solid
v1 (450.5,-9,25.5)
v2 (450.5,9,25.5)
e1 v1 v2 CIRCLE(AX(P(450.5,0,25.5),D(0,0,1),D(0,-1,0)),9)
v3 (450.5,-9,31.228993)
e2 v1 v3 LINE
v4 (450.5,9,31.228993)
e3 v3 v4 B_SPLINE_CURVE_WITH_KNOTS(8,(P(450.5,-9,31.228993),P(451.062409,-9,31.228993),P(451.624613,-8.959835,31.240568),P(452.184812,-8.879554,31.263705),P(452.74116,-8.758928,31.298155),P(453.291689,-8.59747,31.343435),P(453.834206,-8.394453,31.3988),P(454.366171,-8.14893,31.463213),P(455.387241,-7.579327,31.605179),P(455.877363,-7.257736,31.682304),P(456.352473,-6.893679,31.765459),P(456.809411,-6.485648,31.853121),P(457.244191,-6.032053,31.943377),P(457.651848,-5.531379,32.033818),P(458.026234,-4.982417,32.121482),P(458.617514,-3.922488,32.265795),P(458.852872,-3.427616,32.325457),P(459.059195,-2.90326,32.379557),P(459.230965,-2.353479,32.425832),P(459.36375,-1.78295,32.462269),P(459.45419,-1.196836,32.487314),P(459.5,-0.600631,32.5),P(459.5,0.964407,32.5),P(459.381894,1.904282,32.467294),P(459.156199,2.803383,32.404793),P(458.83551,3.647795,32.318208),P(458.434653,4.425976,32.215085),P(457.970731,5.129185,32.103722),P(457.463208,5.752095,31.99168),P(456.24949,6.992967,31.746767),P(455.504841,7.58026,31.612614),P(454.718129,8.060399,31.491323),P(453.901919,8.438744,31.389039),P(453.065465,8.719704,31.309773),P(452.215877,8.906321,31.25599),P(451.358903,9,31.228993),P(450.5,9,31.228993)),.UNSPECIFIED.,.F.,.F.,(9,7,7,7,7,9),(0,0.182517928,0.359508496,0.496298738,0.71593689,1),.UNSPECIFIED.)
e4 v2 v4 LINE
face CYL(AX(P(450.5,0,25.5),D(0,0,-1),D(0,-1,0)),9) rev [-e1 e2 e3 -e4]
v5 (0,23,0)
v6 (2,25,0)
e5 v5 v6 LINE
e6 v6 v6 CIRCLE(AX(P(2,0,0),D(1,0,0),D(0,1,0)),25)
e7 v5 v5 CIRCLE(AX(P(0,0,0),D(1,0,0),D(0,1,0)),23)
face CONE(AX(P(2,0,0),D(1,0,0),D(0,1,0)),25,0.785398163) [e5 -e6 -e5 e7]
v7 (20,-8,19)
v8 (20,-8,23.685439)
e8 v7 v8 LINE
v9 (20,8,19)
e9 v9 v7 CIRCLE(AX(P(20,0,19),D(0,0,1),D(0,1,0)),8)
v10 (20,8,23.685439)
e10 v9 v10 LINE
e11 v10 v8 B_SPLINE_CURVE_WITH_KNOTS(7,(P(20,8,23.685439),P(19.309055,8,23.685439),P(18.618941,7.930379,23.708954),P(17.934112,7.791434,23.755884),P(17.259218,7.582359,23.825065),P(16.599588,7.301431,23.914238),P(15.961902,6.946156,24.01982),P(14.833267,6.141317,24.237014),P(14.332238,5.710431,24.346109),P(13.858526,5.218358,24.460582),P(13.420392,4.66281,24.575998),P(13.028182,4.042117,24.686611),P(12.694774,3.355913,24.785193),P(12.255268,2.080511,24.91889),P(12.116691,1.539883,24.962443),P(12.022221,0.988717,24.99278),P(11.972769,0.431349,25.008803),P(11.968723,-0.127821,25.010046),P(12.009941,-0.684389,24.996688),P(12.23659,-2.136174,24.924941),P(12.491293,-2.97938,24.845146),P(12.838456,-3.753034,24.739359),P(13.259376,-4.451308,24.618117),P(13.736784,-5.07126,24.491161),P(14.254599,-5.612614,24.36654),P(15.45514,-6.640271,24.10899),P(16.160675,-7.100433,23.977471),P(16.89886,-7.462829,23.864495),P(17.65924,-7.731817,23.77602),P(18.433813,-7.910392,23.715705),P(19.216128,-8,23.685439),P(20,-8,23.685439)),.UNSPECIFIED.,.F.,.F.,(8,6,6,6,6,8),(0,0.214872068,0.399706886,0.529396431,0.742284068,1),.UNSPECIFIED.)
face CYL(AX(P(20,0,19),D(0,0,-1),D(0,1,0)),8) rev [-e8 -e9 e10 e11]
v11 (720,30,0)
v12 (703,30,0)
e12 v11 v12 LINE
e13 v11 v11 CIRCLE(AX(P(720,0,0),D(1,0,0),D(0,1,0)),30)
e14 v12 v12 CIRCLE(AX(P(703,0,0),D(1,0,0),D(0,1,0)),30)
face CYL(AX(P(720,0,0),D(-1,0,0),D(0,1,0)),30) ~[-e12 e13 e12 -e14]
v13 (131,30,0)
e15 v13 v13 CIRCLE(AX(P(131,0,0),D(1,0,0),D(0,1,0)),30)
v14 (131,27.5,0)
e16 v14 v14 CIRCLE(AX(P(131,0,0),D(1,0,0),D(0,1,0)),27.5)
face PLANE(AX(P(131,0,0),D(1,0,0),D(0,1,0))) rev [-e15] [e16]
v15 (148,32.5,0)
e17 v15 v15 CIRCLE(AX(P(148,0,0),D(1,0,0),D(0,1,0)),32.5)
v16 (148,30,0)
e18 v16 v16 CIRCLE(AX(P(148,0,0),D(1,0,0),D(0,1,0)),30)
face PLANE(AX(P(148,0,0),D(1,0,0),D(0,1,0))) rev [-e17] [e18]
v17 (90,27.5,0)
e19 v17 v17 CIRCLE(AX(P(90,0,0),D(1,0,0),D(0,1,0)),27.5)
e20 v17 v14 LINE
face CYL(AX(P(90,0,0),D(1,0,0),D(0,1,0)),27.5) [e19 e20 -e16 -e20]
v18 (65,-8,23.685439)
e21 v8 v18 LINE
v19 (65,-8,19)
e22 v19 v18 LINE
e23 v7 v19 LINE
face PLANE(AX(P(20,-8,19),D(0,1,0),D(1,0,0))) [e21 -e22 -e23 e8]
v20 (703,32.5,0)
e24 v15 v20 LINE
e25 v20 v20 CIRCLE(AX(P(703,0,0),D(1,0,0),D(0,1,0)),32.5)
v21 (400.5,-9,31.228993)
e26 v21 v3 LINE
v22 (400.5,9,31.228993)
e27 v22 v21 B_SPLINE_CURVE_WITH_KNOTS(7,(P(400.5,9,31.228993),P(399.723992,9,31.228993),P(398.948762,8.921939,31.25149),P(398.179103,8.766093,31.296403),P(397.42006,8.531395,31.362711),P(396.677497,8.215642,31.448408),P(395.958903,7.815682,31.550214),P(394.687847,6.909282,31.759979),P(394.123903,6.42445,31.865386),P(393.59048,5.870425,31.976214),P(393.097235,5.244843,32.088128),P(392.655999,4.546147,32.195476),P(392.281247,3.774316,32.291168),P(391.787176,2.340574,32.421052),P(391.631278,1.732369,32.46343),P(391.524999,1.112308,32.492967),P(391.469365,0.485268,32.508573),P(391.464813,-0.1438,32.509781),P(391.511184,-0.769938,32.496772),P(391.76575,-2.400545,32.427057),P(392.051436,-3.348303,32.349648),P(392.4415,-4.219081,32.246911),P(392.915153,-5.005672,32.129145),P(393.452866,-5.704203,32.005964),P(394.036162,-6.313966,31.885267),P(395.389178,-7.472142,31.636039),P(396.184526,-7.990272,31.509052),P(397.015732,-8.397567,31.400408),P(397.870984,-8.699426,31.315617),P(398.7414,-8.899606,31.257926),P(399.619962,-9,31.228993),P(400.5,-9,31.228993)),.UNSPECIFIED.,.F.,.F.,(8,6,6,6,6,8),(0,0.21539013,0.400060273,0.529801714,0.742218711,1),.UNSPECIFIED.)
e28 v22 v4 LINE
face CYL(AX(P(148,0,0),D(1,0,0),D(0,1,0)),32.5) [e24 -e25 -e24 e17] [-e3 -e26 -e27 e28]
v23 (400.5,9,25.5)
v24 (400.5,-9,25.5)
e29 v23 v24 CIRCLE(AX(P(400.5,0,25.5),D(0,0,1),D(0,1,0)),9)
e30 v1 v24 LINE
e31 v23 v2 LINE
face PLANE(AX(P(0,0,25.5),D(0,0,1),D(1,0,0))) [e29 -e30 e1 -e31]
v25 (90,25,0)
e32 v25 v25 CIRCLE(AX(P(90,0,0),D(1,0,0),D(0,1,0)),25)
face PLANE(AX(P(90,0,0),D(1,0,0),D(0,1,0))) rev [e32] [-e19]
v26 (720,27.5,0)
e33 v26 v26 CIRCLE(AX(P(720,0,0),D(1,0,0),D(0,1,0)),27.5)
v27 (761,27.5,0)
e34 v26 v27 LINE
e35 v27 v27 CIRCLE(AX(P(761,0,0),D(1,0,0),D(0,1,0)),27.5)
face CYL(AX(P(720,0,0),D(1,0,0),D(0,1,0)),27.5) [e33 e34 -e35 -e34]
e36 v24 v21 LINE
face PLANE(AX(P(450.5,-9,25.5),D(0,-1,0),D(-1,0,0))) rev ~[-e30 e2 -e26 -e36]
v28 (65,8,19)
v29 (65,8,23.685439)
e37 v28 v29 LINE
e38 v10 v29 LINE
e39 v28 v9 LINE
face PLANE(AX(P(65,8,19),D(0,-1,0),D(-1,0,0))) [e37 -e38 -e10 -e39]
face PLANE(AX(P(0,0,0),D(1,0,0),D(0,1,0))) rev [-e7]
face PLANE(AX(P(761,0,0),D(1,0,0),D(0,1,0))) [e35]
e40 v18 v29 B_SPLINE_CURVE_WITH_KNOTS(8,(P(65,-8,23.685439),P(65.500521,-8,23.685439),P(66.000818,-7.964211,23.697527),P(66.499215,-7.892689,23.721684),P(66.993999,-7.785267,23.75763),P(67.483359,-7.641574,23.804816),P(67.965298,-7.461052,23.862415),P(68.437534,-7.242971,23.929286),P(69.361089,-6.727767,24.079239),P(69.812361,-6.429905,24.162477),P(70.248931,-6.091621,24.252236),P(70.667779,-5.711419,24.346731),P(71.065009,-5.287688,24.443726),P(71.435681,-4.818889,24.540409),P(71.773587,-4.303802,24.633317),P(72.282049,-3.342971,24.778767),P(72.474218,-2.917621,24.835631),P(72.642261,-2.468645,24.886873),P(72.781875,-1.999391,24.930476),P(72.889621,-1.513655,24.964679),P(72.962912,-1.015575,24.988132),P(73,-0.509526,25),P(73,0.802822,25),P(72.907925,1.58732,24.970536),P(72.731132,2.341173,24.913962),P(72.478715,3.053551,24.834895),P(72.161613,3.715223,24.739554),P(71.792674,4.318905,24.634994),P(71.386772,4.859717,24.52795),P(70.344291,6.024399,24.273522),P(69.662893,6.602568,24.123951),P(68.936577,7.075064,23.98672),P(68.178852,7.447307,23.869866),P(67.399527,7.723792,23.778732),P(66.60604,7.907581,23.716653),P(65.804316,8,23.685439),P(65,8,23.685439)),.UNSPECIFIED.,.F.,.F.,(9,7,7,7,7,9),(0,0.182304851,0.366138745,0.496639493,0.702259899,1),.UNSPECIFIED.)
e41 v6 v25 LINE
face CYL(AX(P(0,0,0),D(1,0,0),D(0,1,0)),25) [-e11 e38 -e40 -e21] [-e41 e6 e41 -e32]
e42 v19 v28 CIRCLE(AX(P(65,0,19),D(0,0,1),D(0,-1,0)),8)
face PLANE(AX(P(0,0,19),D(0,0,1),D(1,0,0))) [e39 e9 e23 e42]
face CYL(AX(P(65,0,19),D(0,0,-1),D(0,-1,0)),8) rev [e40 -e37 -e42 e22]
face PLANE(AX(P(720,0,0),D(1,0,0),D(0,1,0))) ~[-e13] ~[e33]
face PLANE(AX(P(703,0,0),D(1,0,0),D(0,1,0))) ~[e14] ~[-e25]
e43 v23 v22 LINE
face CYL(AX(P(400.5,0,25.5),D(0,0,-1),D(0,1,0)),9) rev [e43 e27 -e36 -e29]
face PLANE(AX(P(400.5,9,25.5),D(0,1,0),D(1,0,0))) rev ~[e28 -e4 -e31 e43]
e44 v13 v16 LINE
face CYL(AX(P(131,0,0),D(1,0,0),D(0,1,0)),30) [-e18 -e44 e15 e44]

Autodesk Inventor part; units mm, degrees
ref_plane "YZ Plane" through (0, 0, 0) normal (1, 0, 0) x (0, 1, 0)
sketch "Эскиз1" plane through (0, 0, 0) normal (0, 0, 1) x (1, 0, 0)
  line L0 (0, 0) -> (761, 0)
  line L1 (0, 0) -> (0, 25)
  line L2 (0, 25) -> (90, 25)
  line L3 (90, 25) -> (90, 27.5)
  line L4 (90, 27.5) -> (131, 27.5)
  line L5 (131, 27.5) -> (131, 30)
  line L6 (425.5, 30) -> (425.5, 0) construction
  line L7 (720, 27.5) -> (720, 30)
  line L8 (131, 30) -> (148, 30)
  line L9 (148, 30) -> (148, 32.5)
  line L10 (148, 32.5) -> (181, 32.5)
  line L11 (720, 30) -> (703, 30)
  line L12 (703, 30) -> (703, 32.5)
  line L13 (703, 32.5) -> (181, 32.5)
  line L14 (720, 27.5) -> (761, 27.5)
  line L15 (761, 27.5) -> (761, 0)
  dimension "d0" = 50
  dimension "d1" = 55
  dimension "d2" = 90
  dimension "d3" = 41
  dimension "d14" = 17
  dimension "d15" = 60
  dimension "d16" = 65
  dimension "d27" = 41
  dimension "d29" = 630
revolve "Вращение1" add sketch "Эскиз1" angle 360 about axis through (0, 0, 0) along (1, 0, 0)
ref_plane "РабПлоскость1" through (0, 0, 19) normal (0, 0, 1) x (1, 0, 0)
sketch "Эскиз2" plane through (0, 0, 19) normal (0, 0, 1) x (1, 0, 0)
  line L0 (65, 8) -> (20, 8)
  line L1 (20, 8) -> (20, -8)
  line L2 (20, -8) -> (65, -8)
  line L3 (65, -8) -> (65, 8)
  arc A0 (65, -8) -> (65, 8) centre (65, 0) ccw
  arc A1 (20, 8) -> (20, -8) centre (20, 0) ccw
  point P0 (0, 0)
  dimension "d8" = 8
  dimension "d9" = 16
  dimension "d10" = 45
  dimension "d11" = 20
extrude "Выдавливание1" cut sketch "Эскиз2" along normal blind 33
ref_plane "РабПлоскость2" through (0, 0, 25.5) normal (0, 0, 1) x (1, 0, 0)
sketch "Эскиз3" plane through (0, 0, 25.5) normal (0, 0, 1) x (1, 0, 0)
  line L0 (148, -32.5) -> (148, 32.5) projected
  line L1 (400.5, 9) -> (450.5, 9)
  line L2 (450.5, 9) -> (450.5, -9)
  line L3 (450.5, -9) -> (400.5, -9)
  line L4 (400.5, -9) -> (400.5, 9)
  arc A0 (400.5, 9) -> (400.5, -9) centre (400.5, 0) ccw
  arc A1 (450.5, -9) -> (450.5, 9) centre (450.5, 0) ccw
  line L5 (703, -30) -> (703, 30) projected
  point P0 (0, 0)
  dimension "d19" = 18
  dimension "d20" = 252.5
  dimension "d21" = 50
  dimension "d22" = 9
  dimension "d26" = 555
extrude "Выдавливание2" cut sketch "Эскиз3" along normal blind 44.75
chamfer "Фаска1" distance 2 angle 45 1 edges at (0, -25, 0)
equation "\"d27\" = d3"
equation "\"d8\" = 0.5 * d9"
equation "\"d22\" = 0.5 * d19"
properties part number "Валл" material "Сталь, углеродистая"
